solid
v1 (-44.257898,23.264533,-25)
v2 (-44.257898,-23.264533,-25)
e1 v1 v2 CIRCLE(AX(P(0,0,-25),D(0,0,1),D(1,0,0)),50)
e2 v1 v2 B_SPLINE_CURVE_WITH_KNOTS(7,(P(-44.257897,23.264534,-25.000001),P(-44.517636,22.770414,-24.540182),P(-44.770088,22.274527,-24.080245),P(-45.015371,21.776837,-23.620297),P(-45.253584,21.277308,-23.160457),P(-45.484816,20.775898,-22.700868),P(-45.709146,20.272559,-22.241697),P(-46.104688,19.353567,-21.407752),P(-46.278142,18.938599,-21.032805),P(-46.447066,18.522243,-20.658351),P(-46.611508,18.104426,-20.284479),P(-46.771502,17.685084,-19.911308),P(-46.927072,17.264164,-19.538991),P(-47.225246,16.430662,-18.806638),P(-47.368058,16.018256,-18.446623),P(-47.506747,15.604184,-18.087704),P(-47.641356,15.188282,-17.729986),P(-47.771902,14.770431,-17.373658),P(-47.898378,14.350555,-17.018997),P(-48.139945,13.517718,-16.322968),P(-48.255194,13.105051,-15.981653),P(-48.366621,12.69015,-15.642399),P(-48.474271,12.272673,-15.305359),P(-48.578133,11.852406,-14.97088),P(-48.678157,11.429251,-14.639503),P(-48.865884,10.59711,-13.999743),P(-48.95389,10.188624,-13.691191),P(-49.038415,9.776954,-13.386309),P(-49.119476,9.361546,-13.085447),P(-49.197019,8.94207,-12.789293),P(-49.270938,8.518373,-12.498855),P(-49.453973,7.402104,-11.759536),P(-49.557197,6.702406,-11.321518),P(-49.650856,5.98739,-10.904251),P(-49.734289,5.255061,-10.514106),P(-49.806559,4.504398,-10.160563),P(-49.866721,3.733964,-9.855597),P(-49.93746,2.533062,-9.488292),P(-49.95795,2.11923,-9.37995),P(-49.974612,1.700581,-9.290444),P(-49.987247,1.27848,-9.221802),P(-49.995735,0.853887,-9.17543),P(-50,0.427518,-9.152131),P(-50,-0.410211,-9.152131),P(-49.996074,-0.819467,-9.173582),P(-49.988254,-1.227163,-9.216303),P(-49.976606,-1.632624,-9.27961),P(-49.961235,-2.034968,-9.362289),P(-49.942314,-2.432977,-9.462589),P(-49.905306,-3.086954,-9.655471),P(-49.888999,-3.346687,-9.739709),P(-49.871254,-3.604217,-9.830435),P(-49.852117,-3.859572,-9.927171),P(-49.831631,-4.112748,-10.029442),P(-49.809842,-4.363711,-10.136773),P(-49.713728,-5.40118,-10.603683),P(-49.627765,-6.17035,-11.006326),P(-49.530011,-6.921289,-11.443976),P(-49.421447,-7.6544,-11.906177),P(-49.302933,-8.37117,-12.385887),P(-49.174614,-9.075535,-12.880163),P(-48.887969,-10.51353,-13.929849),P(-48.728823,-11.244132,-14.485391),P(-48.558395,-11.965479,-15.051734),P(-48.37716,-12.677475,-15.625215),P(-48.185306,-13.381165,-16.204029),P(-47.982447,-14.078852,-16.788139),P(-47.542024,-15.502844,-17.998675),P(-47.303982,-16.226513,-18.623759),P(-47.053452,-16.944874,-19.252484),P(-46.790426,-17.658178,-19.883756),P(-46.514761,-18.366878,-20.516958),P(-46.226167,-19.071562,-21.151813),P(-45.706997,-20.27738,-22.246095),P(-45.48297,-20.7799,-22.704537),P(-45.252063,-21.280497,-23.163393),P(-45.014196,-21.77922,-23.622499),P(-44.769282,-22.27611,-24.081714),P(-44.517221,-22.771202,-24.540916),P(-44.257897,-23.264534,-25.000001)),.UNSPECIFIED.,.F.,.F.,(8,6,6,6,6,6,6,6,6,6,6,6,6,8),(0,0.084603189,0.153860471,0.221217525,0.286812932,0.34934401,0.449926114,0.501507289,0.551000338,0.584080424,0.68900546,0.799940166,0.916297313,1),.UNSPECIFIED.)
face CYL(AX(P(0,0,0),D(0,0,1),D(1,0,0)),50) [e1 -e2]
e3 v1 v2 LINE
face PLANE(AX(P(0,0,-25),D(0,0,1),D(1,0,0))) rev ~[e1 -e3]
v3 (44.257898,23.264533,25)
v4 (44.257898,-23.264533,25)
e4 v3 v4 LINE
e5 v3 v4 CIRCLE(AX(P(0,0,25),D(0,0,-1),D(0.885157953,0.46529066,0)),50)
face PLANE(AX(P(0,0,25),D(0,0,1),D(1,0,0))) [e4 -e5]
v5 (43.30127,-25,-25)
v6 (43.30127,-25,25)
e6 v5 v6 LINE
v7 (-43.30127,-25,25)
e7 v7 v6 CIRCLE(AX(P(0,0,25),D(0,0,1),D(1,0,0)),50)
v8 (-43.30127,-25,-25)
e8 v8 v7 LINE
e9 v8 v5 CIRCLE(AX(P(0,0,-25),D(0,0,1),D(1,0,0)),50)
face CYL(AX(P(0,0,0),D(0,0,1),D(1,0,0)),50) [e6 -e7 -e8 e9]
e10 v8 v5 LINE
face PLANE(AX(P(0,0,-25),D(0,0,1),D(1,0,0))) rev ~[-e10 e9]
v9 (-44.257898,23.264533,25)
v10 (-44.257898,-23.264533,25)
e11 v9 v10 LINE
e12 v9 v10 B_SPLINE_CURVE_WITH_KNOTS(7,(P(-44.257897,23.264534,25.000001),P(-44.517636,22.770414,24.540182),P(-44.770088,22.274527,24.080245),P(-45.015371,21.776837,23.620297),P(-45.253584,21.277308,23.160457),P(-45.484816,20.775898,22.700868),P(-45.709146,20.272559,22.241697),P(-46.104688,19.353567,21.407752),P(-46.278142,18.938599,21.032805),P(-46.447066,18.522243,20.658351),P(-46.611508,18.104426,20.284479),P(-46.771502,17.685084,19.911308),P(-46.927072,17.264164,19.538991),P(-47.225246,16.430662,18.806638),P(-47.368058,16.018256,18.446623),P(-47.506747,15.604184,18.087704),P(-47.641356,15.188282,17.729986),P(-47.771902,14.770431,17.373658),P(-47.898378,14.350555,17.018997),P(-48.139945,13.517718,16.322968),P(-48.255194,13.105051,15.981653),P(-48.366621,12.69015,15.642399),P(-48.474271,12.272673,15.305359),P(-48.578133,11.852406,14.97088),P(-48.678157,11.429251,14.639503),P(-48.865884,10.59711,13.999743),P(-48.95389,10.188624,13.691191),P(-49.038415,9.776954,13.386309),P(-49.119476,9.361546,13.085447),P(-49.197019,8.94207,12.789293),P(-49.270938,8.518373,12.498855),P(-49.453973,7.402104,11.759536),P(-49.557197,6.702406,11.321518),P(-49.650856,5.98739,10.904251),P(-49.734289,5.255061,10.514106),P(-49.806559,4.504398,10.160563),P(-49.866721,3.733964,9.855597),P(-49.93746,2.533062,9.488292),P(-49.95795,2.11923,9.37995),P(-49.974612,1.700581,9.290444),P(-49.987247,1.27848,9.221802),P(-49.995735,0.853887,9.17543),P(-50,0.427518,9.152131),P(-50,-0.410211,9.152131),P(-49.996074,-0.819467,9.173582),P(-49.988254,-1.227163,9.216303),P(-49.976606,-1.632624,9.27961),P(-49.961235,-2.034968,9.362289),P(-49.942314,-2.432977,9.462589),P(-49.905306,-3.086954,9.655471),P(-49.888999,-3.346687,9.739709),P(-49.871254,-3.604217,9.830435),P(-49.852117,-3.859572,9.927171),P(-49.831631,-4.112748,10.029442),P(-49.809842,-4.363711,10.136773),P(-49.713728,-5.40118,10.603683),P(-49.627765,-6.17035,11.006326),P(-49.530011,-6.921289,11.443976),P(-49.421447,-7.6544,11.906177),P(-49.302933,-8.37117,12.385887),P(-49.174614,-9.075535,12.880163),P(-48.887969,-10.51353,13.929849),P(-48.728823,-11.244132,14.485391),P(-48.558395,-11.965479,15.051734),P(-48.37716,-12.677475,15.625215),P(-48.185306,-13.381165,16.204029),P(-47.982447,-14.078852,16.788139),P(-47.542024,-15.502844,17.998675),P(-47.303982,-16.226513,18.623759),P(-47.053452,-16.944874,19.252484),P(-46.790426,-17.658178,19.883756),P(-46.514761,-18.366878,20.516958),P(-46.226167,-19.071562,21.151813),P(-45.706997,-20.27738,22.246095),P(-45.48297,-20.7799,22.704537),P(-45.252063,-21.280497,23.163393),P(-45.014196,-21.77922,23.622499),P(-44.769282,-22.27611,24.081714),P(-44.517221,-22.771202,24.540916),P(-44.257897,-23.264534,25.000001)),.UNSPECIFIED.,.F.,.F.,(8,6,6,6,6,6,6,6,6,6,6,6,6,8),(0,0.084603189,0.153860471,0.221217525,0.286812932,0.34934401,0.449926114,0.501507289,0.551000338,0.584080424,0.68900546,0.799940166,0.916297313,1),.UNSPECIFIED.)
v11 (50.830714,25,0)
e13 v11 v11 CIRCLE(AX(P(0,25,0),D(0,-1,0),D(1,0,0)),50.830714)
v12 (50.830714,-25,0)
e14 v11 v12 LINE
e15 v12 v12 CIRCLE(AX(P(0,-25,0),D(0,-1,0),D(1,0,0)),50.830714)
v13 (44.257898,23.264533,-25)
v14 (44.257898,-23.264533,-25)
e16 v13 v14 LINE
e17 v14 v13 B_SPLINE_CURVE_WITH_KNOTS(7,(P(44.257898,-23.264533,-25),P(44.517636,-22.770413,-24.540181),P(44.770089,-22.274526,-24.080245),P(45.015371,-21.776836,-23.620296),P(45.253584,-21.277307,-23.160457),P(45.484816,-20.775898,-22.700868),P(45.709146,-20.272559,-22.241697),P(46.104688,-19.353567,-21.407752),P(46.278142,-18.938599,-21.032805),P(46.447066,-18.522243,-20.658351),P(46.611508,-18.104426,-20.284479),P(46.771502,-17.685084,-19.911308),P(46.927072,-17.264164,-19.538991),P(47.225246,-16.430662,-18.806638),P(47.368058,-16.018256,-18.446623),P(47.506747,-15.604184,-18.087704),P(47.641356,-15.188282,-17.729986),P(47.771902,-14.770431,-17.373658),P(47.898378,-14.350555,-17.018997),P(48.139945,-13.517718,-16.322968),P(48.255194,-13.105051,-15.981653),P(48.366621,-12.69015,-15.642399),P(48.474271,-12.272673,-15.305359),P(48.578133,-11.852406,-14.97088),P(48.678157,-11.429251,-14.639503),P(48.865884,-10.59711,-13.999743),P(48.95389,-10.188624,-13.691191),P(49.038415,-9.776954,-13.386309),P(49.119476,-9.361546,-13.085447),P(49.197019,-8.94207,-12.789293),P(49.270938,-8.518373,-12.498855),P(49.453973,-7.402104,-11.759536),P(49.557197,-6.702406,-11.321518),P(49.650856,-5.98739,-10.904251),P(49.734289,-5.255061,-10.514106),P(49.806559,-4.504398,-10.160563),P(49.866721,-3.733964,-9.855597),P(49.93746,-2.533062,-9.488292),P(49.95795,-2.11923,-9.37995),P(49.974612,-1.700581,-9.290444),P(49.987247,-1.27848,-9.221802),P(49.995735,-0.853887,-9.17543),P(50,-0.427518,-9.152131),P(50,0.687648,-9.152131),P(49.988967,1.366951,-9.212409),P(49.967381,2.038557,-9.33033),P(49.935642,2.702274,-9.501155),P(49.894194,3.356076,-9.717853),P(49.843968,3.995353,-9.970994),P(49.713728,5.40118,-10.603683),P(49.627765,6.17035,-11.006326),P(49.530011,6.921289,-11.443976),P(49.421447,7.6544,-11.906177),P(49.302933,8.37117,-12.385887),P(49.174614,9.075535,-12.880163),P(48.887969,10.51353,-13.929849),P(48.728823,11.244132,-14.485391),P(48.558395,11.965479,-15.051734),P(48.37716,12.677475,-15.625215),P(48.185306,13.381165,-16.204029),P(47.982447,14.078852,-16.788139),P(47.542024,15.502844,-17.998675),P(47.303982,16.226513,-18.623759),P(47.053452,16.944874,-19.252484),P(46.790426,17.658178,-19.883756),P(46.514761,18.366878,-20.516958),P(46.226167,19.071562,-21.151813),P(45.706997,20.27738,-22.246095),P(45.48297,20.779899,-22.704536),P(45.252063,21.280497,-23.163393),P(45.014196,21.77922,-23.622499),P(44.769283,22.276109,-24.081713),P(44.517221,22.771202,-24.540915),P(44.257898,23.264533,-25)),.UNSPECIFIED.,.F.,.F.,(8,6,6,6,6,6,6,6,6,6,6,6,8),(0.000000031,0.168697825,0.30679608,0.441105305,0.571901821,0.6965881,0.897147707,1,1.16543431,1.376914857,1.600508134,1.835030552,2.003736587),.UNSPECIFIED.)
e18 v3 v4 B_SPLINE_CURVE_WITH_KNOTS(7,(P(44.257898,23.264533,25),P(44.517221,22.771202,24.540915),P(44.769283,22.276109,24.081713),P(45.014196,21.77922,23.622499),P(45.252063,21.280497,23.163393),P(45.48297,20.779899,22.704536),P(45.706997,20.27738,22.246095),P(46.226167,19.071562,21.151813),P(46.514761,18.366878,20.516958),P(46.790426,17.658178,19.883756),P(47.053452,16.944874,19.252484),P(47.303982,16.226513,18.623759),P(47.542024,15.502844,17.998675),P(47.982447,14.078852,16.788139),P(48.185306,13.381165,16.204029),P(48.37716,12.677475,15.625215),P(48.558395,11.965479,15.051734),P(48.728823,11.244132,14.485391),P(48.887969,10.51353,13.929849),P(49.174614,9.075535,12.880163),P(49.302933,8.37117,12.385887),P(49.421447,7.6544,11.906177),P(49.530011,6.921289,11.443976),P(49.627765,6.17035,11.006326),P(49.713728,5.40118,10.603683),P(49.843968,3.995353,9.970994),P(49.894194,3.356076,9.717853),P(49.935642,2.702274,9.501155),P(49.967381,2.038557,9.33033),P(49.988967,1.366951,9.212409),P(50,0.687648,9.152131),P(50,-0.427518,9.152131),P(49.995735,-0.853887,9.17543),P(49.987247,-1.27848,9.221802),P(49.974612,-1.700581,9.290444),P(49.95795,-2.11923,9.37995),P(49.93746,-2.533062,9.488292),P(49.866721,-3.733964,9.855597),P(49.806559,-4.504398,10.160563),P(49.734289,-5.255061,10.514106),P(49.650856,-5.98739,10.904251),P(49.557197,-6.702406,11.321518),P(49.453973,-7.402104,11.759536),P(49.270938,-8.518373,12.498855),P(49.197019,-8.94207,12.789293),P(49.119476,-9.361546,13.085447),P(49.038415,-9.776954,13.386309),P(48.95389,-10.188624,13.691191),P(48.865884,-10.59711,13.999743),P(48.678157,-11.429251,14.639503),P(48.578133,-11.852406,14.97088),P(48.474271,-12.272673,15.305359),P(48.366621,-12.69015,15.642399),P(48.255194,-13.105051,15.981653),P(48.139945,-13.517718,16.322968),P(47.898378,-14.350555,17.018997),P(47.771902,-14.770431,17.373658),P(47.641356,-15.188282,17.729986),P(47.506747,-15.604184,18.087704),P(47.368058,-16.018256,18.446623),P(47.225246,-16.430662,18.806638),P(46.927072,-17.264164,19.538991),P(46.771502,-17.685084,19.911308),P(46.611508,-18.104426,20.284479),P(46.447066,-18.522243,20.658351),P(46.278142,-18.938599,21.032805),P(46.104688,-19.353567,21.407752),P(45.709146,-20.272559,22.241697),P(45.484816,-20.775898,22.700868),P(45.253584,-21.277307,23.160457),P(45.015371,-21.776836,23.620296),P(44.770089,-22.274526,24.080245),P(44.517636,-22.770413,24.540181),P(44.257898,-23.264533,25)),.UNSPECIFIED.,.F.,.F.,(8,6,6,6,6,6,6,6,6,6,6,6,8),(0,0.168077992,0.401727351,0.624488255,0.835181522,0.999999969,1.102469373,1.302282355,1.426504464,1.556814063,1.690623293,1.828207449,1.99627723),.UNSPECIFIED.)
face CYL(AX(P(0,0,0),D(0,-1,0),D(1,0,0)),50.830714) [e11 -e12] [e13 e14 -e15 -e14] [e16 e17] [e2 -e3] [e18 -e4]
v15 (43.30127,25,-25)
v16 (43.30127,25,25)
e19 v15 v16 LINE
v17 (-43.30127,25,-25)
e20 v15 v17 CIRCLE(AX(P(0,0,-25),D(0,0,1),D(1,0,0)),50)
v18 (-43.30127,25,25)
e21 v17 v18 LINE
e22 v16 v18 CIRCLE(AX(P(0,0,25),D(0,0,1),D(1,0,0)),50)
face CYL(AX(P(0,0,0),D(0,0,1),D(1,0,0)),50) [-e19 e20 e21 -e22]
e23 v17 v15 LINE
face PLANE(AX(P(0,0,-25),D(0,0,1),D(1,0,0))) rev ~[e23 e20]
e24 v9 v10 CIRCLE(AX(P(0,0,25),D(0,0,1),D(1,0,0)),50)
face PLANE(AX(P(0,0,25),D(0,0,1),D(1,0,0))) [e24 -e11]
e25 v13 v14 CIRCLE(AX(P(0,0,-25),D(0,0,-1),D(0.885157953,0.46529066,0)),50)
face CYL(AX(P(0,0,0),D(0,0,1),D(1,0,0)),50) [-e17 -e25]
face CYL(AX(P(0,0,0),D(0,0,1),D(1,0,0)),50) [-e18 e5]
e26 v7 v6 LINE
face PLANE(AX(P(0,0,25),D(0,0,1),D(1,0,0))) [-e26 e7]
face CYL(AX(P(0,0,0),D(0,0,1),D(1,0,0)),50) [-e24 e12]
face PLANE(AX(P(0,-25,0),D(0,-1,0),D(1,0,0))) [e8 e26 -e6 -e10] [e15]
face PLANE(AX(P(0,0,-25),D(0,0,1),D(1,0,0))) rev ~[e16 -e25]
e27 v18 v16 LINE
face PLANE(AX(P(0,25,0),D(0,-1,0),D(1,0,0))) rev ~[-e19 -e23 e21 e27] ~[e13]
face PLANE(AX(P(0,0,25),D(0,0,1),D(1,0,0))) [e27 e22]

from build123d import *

# Parameters (mm, degrees)
F1_R     = 50
F1_R_2   = 40
F3_DEPTH = 25
F2_R     = 50.8307141885
F2_R_2   = 38.5941106118
F2_R_3   = 3.4704975252
F4_DEPTH = 25


with BuildPart() as f3:
    # F1 (on face) → F3 (new body, symmetric)
    with BuildSketch(Plane.XY):
        Circle(F1_R)
        Circle(F1_R_2, mode=Mode.SUBTRACT)
        Circle(F1_R_2)
    extrude(amount=F3_DEPTH, both=True)

    # F2 (on Front) → F4 (join, symmetric)
    with BuildSketch(Plane.XZ):
        Circle(F2_R)
        Circle(F2_R_2, mode=Mode.SUBTRACT)
        Circle(F2_R_2)
        Circle(F2_R_3, mode=Mode.SUBTRACT)
    extrude(amount=F4_DEPTH, both=True)


solid = f3.part
